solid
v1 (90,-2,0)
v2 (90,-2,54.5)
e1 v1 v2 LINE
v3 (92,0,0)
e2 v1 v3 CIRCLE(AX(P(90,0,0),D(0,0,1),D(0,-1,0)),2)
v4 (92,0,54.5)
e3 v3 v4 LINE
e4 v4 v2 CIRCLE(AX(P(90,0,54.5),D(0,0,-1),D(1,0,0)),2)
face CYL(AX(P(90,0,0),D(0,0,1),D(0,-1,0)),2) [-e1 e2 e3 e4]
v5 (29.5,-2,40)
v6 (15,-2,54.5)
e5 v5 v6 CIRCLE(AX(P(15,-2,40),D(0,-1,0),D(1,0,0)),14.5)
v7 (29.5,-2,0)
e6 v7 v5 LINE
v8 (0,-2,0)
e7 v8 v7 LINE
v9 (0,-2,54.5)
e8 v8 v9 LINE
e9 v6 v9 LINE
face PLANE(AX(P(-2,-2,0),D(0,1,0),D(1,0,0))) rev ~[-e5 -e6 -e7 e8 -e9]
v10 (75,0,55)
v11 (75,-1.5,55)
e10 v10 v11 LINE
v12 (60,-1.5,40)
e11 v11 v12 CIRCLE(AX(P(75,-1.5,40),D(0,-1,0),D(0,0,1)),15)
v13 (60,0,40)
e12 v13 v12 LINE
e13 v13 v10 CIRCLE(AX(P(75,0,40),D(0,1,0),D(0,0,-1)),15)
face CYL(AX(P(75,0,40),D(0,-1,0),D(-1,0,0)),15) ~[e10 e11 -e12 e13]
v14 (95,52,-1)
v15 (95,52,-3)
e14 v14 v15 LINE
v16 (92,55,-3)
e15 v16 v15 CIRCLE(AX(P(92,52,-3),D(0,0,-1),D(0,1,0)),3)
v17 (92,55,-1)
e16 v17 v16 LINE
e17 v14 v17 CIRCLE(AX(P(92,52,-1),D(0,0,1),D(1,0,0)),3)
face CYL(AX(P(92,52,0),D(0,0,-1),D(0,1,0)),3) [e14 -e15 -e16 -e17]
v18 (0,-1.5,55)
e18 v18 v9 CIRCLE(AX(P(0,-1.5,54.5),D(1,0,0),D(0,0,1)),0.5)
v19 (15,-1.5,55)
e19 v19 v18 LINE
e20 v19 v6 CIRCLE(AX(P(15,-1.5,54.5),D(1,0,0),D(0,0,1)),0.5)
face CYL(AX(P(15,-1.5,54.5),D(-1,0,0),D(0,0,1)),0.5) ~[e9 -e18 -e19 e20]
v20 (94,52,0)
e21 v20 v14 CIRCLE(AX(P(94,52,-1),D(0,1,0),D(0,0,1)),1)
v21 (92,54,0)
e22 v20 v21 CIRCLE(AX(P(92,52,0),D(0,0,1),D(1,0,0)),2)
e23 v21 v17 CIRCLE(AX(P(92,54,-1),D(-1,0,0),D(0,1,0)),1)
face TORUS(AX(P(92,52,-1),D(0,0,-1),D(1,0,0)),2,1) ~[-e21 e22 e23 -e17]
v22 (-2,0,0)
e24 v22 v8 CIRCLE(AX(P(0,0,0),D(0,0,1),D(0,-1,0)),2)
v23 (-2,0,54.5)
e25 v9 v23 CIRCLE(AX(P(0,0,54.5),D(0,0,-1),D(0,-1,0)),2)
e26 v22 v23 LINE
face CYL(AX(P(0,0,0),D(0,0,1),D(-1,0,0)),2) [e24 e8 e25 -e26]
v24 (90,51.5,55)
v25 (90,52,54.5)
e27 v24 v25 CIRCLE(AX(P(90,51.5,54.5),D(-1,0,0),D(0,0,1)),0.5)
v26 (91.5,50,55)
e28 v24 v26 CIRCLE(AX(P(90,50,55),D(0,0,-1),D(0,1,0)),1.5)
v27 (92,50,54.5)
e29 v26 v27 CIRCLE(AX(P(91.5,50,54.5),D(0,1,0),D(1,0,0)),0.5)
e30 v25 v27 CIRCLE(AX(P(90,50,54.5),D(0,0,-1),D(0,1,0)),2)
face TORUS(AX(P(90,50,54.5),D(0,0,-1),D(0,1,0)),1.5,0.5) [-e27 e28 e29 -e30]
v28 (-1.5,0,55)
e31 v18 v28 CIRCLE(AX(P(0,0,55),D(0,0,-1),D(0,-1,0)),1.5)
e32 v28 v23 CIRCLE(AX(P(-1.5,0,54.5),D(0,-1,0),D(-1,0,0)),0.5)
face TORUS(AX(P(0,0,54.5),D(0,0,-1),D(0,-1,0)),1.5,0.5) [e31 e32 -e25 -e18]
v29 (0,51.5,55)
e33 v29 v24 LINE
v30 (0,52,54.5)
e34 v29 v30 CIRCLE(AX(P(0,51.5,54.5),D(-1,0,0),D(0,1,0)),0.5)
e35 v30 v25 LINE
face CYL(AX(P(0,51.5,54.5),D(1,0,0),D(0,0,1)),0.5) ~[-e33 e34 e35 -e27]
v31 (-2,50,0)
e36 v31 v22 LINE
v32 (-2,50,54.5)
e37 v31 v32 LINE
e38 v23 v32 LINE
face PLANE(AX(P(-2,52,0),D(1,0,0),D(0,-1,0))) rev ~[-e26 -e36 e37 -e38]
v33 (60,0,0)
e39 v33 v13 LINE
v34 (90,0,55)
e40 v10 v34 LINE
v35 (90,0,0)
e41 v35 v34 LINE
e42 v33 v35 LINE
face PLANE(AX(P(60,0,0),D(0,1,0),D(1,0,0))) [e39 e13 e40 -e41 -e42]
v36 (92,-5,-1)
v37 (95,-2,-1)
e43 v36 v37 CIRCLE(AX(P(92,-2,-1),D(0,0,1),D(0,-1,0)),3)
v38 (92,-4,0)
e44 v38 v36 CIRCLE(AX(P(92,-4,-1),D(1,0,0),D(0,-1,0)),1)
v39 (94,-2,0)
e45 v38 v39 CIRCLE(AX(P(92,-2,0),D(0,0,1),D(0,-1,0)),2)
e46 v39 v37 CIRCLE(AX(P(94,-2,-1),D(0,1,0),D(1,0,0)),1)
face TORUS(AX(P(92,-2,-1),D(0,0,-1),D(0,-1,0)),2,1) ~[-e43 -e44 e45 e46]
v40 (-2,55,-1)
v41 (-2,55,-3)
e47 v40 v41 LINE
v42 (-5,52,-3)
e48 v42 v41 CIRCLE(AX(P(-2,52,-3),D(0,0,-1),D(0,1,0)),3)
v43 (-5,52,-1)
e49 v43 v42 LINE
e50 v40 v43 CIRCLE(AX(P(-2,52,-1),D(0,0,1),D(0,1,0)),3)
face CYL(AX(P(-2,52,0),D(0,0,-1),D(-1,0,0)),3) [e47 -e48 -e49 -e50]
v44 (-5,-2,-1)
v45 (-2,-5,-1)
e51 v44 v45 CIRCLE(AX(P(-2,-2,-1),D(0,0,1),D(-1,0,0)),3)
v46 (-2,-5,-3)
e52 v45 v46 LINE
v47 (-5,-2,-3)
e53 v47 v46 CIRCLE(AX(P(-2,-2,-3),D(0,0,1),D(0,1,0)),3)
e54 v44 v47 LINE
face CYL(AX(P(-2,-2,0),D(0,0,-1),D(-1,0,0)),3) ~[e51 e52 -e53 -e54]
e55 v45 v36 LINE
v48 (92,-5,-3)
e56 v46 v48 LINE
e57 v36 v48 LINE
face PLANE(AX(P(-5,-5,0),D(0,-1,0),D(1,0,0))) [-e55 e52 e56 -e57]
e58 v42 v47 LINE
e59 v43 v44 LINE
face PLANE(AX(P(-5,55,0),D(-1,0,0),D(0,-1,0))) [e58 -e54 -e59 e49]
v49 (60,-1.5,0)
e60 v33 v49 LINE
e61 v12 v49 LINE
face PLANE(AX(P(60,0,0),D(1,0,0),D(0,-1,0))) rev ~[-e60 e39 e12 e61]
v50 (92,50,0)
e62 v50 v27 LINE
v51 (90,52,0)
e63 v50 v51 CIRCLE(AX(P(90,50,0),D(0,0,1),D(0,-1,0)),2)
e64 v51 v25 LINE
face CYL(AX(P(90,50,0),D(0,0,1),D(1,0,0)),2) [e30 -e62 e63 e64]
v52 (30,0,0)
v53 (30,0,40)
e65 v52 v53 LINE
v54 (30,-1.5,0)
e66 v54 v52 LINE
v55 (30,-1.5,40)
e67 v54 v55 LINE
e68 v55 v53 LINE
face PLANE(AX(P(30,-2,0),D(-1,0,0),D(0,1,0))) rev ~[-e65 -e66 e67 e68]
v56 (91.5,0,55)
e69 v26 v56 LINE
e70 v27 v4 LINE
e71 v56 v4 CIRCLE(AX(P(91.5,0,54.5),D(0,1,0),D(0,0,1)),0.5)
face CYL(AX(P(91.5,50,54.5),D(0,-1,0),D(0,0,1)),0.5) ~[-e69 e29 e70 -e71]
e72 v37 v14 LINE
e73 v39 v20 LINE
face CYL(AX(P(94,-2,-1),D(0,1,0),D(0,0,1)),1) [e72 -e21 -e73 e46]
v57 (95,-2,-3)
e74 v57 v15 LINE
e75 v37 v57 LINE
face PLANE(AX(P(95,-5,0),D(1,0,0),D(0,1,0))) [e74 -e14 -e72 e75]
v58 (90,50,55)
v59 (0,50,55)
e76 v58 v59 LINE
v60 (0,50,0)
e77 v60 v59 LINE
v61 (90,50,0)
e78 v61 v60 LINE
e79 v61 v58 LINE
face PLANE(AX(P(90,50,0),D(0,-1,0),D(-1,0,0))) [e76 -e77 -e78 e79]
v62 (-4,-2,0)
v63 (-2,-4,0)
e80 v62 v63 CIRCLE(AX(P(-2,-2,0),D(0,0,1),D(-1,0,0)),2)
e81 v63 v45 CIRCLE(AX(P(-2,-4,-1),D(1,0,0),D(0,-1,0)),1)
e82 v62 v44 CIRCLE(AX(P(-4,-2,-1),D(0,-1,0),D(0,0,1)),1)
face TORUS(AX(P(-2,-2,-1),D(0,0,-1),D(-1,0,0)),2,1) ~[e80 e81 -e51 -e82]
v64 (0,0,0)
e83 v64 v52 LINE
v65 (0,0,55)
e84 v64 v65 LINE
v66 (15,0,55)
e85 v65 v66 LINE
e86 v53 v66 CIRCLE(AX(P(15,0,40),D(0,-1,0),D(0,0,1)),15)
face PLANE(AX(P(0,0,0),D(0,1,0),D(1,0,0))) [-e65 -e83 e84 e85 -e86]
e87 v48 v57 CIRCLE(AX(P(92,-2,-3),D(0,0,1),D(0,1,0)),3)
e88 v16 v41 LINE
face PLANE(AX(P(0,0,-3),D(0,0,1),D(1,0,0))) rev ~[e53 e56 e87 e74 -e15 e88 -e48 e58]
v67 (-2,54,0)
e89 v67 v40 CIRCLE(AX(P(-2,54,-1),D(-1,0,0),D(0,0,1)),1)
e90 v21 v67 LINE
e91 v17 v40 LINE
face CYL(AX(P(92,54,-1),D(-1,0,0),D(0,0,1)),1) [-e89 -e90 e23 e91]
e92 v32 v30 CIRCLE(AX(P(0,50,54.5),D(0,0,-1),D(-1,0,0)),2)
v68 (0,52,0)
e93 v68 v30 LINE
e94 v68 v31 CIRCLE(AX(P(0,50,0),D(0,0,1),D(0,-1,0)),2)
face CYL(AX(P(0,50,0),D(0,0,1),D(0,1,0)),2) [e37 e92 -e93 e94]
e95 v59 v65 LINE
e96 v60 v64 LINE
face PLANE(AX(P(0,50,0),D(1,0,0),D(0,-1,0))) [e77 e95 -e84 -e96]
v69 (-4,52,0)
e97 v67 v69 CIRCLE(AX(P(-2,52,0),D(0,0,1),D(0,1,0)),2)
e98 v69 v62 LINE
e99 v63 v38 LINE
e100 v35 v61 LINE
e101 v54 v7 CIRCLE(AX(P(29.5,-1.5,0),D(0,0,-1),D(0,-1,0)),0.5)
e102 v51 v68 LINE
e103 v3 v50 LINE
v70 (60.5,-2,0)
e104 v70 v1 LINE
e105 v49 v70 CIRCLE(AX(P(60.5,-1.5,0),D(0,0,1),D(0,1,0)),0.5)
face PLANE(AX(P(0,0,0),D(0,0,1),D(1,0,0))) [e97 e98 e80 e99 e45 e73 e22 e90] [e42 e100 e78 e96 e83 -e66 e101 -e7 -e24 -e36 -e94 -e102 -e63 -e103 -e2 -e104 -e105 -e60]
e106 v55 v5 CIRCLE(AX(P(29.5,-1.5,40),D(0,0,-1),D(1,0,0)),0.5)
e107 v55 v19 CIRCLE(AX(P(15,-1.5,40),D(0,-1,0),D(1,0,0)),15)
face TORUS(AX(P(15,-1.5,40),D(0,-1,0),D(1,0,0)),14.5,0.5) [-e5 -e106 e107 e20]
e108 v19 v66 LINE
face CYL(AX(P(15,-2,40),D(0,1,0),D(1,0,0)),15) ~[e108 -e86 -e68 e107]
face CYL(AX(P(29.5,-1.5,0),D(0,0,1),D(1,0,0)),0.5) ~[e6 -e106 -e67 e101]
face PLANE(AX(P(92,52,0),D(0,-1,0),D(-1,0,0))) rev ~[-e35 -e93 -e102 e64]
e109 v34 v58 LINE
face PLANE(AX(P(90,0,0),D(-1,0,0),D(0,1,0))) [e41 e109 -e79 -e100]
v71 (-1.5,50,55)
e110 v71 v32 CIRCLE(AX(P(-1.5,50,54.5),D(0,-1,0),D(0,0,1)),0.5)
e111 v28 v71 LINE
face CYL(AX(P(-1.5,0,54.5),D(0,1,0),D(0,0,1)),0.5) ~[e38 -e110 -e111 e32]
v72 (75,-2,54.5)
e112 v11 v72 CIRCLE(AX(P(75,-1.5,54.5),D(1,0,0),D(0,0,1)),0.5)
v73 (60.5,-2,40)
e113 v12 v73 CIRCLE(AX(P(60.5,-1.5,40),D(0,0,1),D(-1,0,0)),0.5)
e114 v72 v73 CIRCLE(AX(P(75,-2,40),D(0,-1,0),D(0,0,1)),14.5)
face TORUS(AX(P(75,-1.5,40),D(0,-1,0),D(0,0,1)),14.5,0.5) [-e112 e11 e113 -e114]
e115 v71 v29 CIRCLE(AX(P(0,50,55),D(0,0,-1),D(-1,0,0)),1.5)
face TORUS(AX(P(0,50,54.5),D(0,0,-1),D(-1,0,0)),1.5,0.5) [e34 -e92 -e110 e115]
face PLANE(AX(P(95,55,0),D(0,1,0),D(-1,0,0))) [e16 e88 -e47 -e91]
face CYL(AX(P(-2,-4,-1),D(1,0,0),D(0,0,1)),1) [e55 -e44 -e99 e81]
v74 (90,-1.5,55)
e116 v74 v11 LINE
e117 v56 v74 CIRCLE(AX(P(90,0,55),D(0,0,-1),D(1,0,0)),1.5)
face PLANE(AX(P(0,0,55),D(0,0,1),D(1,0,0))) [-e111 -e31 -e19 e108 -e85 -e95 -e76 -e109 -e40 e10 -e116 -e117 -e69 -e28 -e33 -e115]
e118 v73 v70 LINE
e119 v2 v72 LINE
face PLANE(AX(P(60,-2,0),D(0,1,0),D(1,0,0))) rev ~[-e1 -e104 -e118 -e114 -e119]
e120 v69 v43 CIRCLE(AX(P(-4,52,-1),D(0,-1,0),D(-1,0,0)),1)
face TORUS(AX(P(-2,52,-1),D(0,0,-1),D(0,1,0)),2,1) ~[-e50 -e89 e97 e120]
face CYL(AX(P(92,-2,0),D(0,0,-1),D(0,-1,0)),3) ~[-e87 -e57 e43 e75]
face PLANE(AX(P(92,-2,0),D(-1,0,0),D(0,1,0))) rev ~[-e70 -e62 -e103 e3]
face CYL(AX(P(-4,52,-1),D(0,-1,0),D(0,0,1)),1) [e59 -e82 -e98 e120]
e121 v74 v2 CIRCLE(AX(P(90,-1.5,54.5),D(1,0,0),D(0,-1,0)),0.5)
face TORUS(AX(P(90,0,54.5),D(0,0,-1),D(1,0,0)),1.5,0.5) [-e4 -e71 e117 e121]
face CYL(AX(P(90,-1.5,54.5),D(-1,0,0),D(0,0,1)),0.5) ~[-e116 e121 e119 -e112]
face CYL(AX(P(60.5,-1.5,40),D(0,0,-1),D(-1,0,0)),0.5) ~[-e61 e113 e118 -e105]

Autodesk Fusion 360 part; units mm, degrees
sketch "Sketch1" plane through (0, 0, 0) normal (0, 0, 1) x (1, 0, 0)
  line L0 (0, 0) -> (90, 0)
  line L1 (90, 0) -> (90, 50)
  line L2 (90, 50) -> (0, 50)
  line L3 (0, 50) -> (0, 0)
  line L4 (-2, -2) -> (92, -2)
  line L5 (92, -2) -> (92, 52)
  line L6 (92, 52) -> (-2, 52)
  line L7 (-2, 52) -> (-2, -2)
  line L8 (-5, -5) -> (95, -5)
  line L9 (95, -5) -> (95, 55)
  line L10 (95, 55) -> (-5, 55)
  line L11 (-5, 55) -> (-5, -5)
  line L12 (30, 0) -> (60, 0)
  line L13 (60, 0) -> (60, -2)
  line L14 (60, -2) -> (30, -2)
  line L15 (30, -2) -> (30, 0)
  dimension "d1" = 90
  dimension "d2" = 50
  dimension "d3" = 2
  dimension "d4" = 5
  dimension "d5" = 30
extrude "Extrude1" add sketch "Sketch1" along normal blind 55 contours L0 L1 L2 L3 L4 L5 L6 L7 L13 L15
extrude "Extrude2" add sketch "Sketch1" against normal blind 3 contours L0 L1 L2 L3 L12 | L0 L1 L2 L3 L4 L5 L6 L7 L13 L15 | L0 L4 L12 L13 L14 L15 | L8 L9 L10 L11
fillet "Fillet1" radius 15 2 edges at (30, -1, 55) (60, -1, 55)
fillet "Fillet2" radius 3 4 edges at (-5, -5, -1.5) (95, -5, -1.5) (95, 55, -1.5) (-5, 55, -1.5)
fillet "Fillet3" radius 2 4 edges at (92, -2, 27.5) (92, 52, 27.5) (-2, -2, 27.5) (-2, 52, 27.5)
fillet "Fillet4" radius 0.5 13 edges at (30, -2, 20) (25.6066, -2, 50.6066) (7.5, -2, 55) (-1.4142, -1.4142, 55) (-2, 25, 55) (-1.4142, 51.4142, 55) (45, 52, 55) (91.4142, 51.4142, 55) (92, 25, 55) (91.4142, -1.4142, 55) (82.5, -2, 55) (64.3934, -2, 50.6066) (60, -2, 20)
fillet "Fillet5" radius 1 8 edges at (94.1213, -4.1213, 0) (95, 25, 0) (94.1213, 54.1213, 0) (45, 55, 0) (-4.1213, 54.1213, 0) (-5, 25, 0) (-4.1213, -4.1213, 0) (45, -5, 0)
equation "d1 = base_width"
equation "d2 = base_depth"
equation "d3 = wall_thickness"
equation "d4 = wall_thickness + base_overhang"
equation "d5 = base_width / 3"
equation "d6 = wall_height"
equation "d8 = -( wall_thickness + 1 mm )"
equation "base_width = 90 mm"
equation "base_depth = 50 mm"
equation "wall_height = 55 mm"
equation "wall_thickness = 2 mm"
equation "base_overhang = 3 mm"
